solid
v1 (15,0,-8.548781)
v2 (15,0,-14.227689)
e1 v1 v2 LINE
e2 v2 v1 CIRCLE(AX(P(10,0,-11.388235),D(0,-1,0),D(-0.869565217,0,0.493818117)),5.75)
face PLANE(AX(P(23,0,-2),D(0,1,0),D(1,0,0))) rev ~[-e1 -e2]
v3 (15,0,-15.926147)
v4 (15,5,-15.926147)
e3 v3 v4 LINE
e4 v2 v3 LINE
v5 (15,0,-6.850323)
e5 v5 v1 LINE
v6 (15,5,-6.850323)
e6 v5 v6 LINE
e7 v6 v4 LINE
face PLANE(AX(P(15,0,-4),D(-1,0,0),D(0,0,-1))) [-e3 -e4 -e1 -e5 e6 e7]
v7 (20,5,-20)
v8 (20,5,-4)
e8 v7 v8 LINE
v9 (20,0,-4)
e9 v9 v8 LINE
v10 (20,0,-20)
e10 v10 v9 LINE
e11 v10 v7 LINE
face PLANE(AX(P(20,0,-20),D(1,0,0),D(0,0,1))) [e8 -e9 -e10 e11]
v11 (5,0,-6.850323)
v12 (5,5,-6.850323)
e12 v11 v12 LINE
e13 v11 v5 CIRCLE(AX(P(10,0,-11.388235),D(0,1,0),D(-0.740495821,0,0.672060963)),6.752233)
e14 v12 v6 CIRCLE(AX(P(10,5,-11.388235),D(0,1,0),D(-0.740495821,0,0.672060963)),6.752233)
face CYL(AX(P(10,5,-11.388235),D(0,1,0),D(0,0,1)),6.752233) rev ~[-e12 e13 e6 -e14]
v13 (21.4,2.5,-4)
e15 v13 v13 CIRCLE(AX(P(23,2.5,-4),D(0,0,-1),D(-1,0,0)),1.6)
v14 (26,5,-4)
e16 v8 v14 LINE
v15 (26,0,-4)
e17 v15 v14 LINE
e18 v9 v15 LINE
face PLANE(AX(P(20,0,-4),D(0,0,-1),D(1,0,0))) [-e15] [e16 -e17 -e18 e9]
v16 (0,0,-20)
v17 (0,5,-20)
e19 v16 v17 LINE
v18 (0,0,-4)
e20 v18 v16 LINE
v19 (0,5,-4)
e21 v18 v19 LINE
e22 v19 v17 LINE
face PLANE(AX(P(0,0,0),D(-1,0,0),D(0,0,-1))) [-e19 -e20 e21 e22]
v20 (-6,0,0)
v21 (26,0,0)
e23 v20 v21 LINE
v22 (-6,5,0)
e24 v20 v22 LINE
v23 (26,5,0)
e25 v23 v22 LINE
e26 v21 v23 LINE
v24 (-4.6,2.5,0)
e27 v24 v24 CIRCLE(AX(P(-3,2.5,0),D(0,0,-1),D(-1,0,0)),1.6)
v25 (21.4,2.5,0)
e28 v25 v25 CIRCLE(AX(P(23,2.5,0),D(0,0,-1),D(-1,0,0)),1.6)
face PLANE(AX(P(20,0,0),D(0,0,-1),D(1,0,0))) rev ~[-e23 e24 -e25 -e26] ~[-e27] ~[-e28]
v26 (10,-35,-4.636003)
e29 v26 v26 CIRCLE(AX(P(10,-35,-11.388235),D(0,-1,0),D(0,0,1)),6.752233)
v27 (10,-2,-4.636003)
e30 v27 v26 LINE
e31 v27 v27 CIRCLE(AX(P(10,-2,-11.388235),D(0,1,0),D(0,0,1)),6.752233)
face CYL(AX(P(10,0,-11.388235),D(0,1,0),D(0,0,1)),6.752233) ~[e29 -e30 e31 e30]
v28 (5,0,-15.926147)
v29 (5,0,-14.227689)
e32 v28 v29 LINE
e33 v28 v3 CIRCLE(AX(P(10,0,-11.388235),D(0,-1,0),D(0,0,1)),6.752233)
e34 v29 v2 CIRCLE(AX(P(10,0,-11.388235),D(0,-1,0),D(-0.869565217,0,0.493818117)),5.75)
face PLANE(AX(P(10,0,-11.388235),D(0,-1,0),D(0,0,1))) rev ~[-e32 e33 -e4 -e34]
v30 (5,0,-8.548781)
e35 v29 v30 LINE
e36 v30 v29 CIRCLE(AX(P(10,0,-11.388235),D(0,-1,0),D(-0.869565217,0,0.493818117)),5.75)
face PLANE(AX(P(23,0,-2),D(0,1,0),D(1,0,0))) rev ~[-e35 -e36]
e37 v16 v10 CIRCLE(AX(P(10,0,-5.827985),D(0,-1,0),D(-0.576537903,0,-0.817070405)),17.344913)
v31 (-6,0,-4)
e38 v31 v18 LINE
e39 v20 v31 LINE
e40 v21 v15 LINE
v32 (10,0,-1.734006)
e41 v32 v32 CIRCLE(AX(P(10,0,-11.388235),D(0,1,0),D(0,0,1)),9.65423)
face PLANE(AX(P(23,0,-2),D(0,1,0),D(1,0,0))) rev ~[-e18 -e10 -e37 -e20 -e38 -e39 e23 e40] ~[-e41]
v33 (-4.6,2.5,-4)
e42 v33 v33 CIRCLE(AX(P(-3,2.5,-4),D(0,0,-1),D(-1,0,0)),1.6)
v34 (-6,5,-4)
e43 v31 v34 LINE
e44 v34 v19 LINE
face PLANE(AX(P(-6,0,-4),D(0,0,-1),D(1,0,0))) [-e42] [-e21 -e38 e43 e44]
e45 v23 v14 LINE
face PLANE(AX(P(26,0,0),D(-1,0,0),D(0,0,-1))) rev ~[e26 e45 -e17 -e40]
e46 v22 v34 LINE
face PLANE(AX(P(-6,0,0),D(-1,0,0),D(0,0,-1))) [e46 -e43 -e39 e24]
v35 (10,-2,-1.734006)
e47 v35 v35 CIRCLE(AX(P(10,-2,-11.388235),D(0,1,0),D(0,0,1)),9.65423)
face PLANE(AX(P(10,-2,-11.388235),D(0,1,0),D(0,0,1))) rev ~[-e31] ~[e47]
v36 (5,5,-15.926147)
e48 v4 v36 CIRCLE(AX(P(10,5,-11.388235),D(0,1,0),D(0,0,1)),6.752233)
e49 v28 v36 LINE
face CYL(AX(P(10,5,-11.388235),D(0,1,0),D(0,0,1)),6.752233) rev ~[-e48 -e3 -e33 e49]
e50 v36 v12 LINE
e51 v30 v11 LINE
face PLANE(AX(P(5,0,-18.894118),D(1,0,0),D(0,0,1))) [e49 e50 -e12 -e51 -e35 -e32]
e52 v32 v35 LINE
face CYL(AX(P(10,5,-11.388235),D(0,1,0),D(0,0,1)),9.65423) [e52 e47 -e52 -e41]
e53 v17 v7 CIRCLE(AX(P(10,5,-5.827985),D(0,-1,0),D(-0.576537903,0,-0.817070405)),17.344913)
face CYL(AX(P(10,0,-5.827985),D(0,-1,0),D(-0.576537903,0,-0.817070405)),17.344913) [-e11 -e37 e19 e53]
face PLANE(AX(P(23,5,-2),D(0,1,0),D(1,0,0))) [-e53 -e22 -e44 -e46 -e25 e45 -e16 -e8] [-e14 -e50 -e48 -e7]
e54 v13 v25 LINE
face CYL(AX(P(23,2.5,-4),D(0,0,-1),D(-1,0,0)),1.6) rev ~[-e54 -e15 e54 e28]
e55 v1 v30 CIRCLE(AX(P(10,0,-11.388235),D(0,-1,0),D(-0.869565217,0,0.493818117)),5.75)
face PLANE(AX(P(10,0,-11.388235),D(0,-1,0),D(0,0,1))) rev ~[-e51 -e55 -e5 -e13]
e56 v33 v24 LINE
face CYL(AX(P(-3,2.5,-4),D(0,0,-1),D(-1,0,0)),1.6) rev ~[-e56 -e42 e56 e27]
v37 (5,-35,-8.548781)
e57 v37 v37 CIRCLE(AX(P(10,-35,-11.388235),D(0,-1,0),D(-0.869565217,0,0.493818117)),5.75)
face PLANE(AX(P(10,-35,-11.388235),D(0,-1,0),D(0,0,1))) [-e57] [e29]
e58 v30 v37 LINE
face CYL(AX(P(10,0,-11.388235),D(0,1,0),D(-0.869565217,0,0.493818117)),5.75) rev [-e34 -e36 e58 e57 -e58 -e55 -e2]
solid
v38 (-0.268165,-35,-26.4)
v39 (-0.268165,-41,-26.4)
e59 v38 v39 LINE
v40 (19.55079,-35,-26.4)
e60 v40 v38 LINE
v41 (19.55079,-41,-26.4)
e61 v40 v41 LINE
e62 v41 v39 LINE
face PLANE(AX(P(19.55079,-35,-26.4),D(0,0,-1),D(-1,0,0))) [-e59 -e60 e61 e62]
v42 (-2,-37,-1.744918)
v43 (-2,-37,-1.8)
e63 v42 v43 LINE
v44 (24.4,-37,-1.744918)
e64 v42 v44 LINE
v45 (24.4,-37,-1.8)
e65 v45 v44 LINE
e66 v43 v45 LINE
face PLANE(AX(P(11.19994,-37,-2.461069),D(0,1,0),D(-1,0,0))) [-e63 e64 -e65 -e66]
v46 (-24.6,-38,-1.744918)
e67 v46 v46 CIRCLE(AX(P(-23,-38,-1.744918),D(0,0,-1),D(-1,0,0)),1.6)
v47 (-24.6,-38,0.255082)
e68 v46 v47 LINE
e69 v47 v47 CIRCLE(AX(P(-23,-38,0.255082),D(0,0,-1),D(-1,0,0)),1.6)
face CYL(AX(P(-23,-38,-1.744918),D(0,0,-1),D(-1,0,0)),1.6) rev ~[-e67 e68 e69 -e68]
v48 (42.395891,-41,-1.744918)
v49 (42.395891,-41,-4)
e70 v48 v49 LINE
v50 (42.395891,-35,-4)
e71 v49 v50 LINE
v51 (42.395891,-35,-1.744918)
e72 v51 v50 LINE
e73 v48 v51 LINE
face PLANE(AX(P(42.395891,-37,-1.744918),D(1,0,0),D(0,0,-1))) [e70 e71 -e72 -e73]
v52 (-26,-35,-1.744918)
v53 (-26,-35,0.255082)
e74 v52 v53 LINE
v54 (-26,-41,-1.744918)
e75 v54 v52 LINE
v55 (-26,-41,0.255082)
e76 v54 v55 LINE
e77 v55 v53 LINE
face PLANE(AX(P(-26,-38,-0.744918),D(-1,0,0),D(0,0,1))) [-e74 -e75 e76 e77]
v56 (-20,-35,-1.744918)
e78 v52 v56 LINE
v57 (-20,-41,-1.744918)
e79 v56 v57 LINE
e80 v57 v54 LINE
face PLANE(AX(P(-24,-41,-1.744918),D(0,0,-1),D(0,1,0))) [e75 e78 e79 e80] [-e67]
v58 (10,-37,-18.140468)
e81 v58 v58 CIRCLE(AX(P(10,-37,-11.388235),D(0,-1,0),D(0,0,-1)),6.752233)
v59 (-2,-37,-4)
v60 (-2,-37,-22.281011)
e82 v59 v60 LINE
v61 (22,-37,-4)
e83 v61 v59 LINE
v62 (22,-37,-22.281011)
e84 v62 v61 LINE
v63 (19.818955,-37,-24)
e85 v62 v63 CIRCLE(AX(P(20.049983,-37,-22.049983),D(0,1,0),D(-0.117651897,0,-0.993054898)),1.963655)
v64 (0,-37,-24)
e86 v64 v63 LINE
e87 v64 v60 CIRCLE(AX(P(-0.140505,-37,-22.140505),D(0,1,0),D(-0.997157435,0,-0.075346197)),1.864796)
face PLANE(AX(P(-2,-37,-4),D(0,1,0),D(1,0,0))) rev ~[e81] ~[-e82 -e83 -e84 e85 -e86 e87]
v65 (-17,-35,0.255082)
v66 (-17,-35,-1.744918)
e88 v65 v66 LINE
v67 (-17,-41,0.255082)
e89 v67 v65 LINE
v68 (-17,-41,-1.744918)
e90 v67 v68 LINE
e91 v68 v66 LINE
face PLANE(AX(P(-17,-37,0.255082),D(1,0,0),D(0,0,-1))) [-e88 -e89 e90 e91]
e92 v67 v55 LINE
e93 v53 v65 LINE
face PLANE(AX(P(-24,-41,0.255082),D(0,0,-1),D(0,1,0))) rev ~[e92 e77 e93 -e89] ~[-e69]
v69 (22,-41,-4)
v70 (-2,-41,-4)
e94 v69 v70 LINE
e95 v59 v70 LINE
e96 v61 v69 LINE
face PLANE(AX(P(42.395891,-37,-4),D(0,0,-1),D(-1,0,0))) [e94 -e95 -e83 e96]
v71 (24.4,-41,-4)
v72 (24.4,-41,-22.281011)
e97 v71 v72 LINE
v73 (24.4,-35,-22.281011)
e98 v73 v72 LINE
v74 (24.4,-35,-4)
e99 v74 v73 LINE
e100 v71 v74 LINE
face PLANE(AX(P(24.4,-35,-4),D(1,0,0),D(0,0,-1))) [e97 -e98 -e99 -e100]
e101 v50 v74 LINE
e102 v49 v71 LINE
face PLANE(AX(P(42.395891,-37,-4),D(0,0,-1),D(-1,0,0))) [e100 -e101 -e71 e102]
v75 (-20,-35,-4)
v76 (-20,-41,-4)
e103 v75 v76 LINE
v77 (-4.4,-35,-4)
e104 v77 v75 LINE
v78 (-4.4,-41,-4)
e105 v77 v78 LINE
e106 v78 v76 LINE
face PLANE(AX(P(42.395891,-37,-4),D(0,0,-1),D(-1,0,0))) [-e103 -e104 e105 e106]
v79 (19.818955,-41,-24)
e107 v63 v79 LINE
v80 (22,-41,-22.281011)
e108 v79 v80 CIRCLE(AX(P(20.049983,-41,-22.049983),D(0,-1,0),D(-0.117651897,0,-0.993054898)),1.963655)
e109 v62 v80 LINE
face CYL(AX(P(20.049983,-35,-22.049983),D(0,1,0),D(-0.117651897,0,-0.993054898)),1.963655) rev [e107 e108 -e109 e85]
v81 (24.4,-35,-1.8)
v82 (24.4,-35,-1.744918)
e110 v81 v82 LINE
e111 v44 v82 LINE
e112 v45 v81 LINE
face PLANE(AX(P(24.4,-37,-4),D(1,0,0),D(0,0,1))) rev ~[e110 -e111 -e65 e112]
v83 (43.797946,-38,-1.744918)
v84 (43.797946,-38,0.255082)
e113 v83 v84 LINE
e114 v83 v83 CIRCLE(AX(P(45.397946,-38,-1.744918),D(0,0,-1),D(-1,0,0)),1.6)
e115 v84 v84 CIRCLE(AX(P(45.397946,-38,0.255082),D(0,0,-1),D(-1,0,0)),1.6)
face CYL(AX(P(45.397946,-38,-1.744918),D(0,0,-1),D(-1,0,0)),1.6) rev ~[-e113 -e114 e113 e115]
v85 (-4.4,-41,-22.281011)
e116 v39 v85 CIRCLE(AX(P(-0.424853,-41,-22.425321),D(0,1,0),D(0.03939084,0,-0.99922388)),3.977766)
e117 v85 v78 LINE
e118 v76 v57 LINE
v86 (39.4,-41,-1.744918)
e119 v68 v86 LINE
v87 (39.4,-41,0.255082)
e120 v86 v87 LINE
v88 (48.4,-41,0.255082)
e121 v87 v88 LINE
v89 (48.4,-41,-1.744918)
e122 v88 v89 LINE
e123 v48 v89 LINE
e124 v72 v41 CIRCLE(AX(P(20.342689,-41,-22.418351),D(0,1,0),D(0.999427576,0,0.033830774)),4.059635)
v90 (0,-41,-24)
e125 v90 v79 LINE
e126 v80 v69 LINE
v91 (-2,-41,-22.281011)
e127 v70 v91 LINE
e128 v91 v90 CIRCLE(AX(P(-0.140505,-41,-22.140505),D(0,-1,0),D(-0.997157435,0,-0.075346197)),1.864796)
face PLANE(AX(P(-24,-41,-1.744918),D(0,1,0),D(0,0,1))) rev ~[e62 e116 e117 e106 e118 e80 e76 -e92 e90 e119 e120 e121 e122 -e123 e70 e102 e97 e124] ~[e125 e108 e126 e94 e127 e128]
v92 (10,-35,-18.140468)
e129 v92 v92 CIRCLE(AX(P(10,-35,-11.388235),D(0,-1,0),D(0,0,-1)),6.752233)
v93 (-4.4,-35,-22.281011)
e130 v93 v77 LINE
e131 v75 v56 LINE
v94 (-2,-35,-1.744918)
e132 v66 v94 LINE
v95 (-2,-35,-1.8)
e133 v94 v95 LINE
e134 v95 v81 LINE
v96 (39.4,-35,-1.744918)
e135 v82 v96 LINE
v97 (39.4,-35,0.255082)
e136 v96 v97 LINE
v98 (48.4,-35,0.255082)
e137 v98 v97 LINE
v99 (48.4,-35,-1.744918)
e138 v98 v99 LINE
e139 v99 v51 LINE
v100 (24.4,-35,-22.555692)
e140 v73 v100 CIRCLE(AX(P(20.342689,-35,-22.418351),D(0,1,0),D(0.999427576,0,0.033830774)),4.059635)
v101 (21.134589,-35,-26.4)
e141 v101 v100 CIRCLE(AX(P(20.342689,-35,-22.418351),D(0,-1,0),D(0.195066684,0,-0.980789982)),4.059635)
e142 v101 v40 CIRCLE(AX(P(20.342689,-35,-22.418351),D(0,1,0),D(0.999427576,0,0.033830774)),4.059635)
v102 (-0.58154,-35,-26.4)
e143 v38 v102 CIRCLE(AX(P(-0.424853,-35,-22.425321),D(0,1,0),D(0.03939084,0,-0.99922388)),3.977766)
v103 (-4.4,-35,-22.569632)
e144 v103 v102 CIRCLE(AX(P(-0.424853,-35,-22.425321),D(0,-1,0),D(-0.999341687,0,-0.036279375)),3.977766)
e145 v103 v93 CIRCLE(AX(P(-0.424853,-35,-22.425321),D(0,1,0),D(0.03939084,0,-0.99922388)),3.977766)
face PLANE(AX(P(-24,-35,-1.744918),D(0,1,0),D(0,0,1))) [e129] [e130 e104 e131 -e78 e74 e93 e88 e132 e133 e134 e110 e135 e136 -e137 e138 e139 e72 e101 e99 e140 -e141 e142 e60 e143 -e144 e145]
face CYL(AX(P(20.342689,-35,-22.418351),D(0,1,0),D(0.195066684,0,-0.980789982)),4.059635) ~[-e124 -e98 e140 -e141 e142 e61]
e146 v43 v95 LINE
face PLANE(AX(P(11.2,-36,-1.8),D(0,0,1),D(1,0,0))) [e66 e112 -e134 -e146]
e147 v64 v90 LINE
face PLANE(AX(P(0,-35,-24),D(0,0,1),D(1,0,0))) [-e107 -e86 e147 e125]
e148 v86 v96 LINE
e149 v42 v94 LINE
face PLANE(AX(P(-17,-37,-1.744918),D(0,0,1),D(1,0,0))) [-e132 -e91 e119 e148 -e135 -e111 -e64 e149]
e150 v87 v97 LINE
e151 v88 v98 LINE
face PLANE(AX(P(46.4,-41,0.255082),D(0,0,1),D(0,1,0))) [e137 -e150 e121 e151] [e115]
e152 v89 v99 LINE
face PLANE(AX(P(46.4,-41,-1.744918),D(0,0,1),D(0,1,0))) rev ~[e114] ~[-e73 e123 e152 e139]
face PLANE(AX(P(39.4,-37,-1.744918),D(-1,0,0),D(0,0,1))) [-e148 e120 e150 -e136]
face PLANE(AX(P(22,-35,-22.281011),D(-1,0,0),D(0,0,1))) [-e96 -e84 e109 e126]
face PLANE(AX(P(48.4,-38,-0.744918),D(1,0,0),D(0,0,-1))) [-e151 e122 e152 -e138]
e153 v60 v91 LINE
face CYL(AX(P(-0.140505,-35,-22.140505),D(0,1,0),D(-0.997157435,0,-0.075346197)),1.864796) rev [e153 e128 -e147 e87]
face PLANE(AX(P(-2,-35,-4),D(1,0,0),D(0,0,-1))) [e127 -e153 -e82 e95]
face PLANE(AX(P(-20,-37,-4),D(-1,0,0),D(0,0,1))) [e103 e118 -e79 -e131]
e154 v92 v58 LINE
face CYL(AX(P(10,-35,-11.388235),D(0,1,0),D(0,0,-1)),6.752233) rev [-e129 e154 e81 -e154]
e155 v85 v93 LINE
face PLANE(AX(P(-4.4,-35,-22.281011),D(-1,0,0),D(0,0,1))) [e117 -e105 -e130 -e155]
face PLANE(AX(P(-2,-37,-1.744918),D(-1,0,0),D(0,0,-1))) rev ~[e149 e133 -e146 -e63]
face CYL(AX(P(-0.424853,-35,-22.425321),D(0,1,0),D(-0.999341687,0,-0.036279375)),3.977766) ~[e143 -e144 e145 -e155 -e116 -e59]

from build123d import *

# Parameters (mm, degrees)
SKETCH1_W            = 6
SKETCH1_H            = 4
BOSS_EXTRUDE1_DEPTH  = 5
SKETCH2_R            = 1.6
CUT_EXTRUDE1_DEPTH   = 5
SKETCH4_R            = 9.654229578
SKETCH4_R_2          = 6.752232565
BOSS_EXTRUDE3_DEPTH  = 7
SKETCH5_R            = 6.752232565
SKETCH5_R_2          = 5.75
BOSS_EXTRUDE4_DEPTH  = 35
BOSS_EXTRUDE5_DEPTH  = 6
SKETCH9_R            = 6.752232565
BOSS_EXTRUDE7_DEPTH  = 2
BOSS_EXTRUDE8_DEPTH  = 2
SKETCH11_W           = 26.4
SKETCH11_H           = 2
BOSS_EXTRUDE9_DEPTH  = 2.2
BOSS_EXTRUDE10_DEPTH = 4
SKETCH13_W           = 2
SKETCH13_H           = 6
BOSS_EXTRUDE11_DEPTH = 2
SKETCH14_W           = 2
SKETCH14_H           = 6
BOSS_EXTRUDE12_DEPTH = 2
SKETCH15_R           = 1.6
CUT_EXTRUDE2_DEPTH   = 2


with BuildPart() as part:
    # Sketch1 → Boss-Extrude1 (new body)
    # profile 1 of 3: a face of its own
    with BuildSketch(Plane(origin=(0, 0, 0), x_dir=(1, 0, 0), z_dir=(0, 1, 0))):
        with BuildLine():
            ThreePointArc((0, 20), (10, 23.172897988), (20, 20))
            Line((20, 20), (20, 0))
            Line((20, 0), (0, 0))
            Line((0, 0), (0, 20))
        make_face()
        with BuildLine():
            Line((5, 18.894117647), (5, 4))
            Line((5, 4), (15, 4))
            Line((15, 4), (15, 18.776470588))
            ThreePointArc((15, 18.776470588), (10.011911878, 19.847803762), (5, 18.894117647))
        make_face(mode=Mode.SUBTRACT)
    # profile 2 of 3: a face of its own
    with BuildSketch(Plane(origin=(0, 0, 0), x_dir=(1, 0, 0), z_dir=(0, 1, 0))):
        with Locations((-3, 2)):
            Rectangle(SKETCH1_W, SKETCH1_H)
    # profile 3 of 3: a face of its own
    with BuildSketch(Plane(origin=(0, 0, 0), x_dir=(1, 0, 0), z_dir=(0, 1, 0))):
        with Locations((23, 2)):
            Rectangle(SKETCH1_W, SKETCH1_H)
    extrude(amount=BOSS_EXTRUDE1_DEPTH)

    # Sketch2 → Cut-Extrude1 (cut)
    with BuildSketch(Plane(origin=(0, 0, -4), x_dir=(-1, 0, 0), z_dir=(0, 0, -1))):
        with Locations((3, 2.5)):
            Circle(SKETCH2_R)
        with Locations((-23, 2.5)):
            Circle(SKETCH2_R)
    extrude(amount=-CUT_EXTRUDE1_DEPTH, mode=Mode.SUBTRACT)

    # Sketch4 → Boss-Extrude3 (add)
    with BuildSketch(Plane(origin=(0, 5, 0), x_dir=(1, 0, 0), z_dir=(0, 1, 0))):
        with Locations(Location((10, 11.388235294, 0), (0, 0, 270))):
            Circle(SKETCH4_R)
        with Locations(Location((10, 11.388235294, 0), (0, 0, 270))):
            Circle(SKETCH4_R_2, mode=Mode.SUBTRACT)
    extrude(amount=-BOSS_EXTRUDE3_DEPTH)

    # Sketch5 → Boss-Extrude4 (add)
    with BuildSketch(Plane.XZ):
        with Locations(Location((10, -11.388235294, 0), (0, 0, 90))):
            Circle(SKETCH5_R)
        with Locations(Location((10, -11.388235294, 0), (0, 0, 150.408154206))):
            Circle(SKETCH5_R_2, mode=Mode.SUBTRACT)
    extrude(amount=BOSS_EXTRUDE4_DEPTH)


with BuildPart() as body_2:
    # Sketch7 → Boss-Extrude5 (new body)
    with BuildSketch(Plane.XZ.offset(35)):
        with BuildLine():
            ThreePointArc((-0.268165216, -26.4), (-3.233175608, -25.242402121), (-4.4, -22.281010504))
            Line((-4.4, -22.281010504), (-4.4, -4))
            Line((-4.4, -4), (-2, -4))
            Line((-2, -4), (-2, -22.281010504))
            ThreePointArc((-2, -22.281010504), (-1.356014381, -23.554718814), (0, -24))
            Line((0, -24), (19.818955029, -24))
            ThreePointArc((19.818955029, -24), (21.265491896, -23.592214456), (22, -22.281010504))
            Line((22, -22.281010504), (22, -4))
            Line((22, -4), (24.4, -4))
            Line((24.4, -4), (24.4, -22.281010504))
            ThreePointArc((24.4, -22.281010504), (22.970853326, -25.512440046), (19.550789813, -26.4))
            Line((19.550789813, -26.4), (-0.268165216, -26.4))
        make_face()
    extrude(amount=BOSS_EXTRUDE5_DEPTH)

    # Sketch9 → Boss-Extrude7 (add)
    with BuildSketch(Plane.XZ.offset(35)):
        with BuildLine():
            Line((24.4, -22.281010504), (24.4, -4))
            Line((24.4, -4), (-4.4, -4))
            Line((-4.4, -4), (-4.4, -22.569632221))
            ThreePointArc((-4.4, -22.569632221), (-3.241933512, -25.233644217), (-0.581540291, -26.4))
            Line((-0.581540291, -26.4), (-0.268165216, -26.4))
            Line((-0.268165216, -26.4), (19.550789813, -26.4))
            Line((19.550789813, -26.4), (21.134588718, -26.4))
            ThreePointArc((21.134588718, -26.4), (23.436778227, -25.046515144), (24.4, -22.555691665))
            Line((24.4, -22.555691665), (24.4, -22.281010504))
        make_face()
        with Locations(Location((10, -11.388235294, 0), (0, 0, 270))):
            Circle(SKETCH9_R, mode=Mode.SUBTRACT)
    extrude(amount=BOSS_EXTRUDE7_DEPTH)

    # Sketch10 → Boss-Extrude8 (add)
    with BuildSketch(Plane.XZ.offset(37)):
        Polygon((-2, -1.744918399), (-2, -4), (-20, -4), (-20, -1.744918399), (-24, -1.744918399), (-24, 0.255081601), (-17, 0.255081601), (-17, -1.744918399), align=None)
        Polygon((42.395891067, -1.744918399), (42.395891067, -4), (24.4, -4), (24.4, -1.744918399), (39.4, -1.744918399), (39.4, 0.255081601), (46.4, 0.255081601), (46.4, -1.744918399), align=None)
    extrude(amount=-BOSS_EXTRUDE8_DEPTH)


with BuildPart() as boss_extrude8_piece_1:
    # of the separate pieces the step leaves, piece 1, a body of its own (boss_extrude8_pieces)
    add(body_2.part.solids().sort_by_distance((-2, -35, -4))[0])



with BuildPart() as boss_extrude8_piece_2:
    # of the separate pieces the step leaves, piece 2, a body of its own (boss_extrude8_pieces)
    add(body_2.part.solids().sort_by_distance((42.395891067, -37, -4))[0])


with BuildPart() as boss_extrude8_piece_1_1:
    add(boss_extrude8_piece_1.part)

    add(boss_extrude8_piece_2.part)  # Boss-Extrude9 merges Boss-Extrude8 piece 2
    # Sketch11 → Boss-Extrude9 (add)
    with BuildSketch(Plane.XY.offset(-4)):
        with Locations((11.2, -36)):
            Rectangle(SKETCH11_W, SKETCH11_H)
    extrude(amount=BOSS_EXTRUDE9_DEPTH)

    # Sketch12 → Boss-Extrude10 (add)
    with BuildSketch(Plane.XZ.offset(37)):
        Polygon((-20, -1.744918399), (-24, -1.744918399), (-24, 0.255081601), (-17, 0.255081601), (-17, -1.744918399), (39.4, -1.744918399), (39.4, 0.255081601), (46.4, 0.255081601), (46.4, -1.744918399), (42.395891067, -1.744918399), (42.395891067, -4), (-20, -4), align=None)
    extrude(amount=BOSS_EXTRUDE10_DEPTH)

    # Sketch13 → Boss-Extrude11 (add)
    with BuildSketch(Plane(origin=(46.4, 0, 0), x_dir=(0, 0, -1), z_dir=(1, 0, 0))):
        with Locations((0.744918399, -38)):
            Rectangle(SKETCH13_W, SKETCH13_H)
    extrude(amount=BOSS_EXTRUDE11_DEPTH)

    # Sketch14 → Boss-Extrude12 (add)
    with BuildSketch(Plane.ZY.offset(24)):
        with Locations((-0.744918399, -38)):
            Rectangle(SKETCH14_W, SKETCH14_H)
    extrude(amount=BOSS_EXTRUDE12_DEPTH)

    # Sketch15 → Cut-Extrude2 (cut)
    with BuildSketch(Plane(origin=(0, 0, -1.744918399), x_dir=(-1, 0, 0), z_dir=(0, 0, -1))):
        with Locations((-45.397945533, -38)):
            Circle(SKETCH15_R)
        with Locations((23, -38)):
            Circle(SKETCH15_R)
    extrude(amount=-CUT_EXTRUDE2_DEPTH, mode=Mode.SUBTRACT)


solid = Compound([part.part, boss_extrude8_piece_1_1.part])
